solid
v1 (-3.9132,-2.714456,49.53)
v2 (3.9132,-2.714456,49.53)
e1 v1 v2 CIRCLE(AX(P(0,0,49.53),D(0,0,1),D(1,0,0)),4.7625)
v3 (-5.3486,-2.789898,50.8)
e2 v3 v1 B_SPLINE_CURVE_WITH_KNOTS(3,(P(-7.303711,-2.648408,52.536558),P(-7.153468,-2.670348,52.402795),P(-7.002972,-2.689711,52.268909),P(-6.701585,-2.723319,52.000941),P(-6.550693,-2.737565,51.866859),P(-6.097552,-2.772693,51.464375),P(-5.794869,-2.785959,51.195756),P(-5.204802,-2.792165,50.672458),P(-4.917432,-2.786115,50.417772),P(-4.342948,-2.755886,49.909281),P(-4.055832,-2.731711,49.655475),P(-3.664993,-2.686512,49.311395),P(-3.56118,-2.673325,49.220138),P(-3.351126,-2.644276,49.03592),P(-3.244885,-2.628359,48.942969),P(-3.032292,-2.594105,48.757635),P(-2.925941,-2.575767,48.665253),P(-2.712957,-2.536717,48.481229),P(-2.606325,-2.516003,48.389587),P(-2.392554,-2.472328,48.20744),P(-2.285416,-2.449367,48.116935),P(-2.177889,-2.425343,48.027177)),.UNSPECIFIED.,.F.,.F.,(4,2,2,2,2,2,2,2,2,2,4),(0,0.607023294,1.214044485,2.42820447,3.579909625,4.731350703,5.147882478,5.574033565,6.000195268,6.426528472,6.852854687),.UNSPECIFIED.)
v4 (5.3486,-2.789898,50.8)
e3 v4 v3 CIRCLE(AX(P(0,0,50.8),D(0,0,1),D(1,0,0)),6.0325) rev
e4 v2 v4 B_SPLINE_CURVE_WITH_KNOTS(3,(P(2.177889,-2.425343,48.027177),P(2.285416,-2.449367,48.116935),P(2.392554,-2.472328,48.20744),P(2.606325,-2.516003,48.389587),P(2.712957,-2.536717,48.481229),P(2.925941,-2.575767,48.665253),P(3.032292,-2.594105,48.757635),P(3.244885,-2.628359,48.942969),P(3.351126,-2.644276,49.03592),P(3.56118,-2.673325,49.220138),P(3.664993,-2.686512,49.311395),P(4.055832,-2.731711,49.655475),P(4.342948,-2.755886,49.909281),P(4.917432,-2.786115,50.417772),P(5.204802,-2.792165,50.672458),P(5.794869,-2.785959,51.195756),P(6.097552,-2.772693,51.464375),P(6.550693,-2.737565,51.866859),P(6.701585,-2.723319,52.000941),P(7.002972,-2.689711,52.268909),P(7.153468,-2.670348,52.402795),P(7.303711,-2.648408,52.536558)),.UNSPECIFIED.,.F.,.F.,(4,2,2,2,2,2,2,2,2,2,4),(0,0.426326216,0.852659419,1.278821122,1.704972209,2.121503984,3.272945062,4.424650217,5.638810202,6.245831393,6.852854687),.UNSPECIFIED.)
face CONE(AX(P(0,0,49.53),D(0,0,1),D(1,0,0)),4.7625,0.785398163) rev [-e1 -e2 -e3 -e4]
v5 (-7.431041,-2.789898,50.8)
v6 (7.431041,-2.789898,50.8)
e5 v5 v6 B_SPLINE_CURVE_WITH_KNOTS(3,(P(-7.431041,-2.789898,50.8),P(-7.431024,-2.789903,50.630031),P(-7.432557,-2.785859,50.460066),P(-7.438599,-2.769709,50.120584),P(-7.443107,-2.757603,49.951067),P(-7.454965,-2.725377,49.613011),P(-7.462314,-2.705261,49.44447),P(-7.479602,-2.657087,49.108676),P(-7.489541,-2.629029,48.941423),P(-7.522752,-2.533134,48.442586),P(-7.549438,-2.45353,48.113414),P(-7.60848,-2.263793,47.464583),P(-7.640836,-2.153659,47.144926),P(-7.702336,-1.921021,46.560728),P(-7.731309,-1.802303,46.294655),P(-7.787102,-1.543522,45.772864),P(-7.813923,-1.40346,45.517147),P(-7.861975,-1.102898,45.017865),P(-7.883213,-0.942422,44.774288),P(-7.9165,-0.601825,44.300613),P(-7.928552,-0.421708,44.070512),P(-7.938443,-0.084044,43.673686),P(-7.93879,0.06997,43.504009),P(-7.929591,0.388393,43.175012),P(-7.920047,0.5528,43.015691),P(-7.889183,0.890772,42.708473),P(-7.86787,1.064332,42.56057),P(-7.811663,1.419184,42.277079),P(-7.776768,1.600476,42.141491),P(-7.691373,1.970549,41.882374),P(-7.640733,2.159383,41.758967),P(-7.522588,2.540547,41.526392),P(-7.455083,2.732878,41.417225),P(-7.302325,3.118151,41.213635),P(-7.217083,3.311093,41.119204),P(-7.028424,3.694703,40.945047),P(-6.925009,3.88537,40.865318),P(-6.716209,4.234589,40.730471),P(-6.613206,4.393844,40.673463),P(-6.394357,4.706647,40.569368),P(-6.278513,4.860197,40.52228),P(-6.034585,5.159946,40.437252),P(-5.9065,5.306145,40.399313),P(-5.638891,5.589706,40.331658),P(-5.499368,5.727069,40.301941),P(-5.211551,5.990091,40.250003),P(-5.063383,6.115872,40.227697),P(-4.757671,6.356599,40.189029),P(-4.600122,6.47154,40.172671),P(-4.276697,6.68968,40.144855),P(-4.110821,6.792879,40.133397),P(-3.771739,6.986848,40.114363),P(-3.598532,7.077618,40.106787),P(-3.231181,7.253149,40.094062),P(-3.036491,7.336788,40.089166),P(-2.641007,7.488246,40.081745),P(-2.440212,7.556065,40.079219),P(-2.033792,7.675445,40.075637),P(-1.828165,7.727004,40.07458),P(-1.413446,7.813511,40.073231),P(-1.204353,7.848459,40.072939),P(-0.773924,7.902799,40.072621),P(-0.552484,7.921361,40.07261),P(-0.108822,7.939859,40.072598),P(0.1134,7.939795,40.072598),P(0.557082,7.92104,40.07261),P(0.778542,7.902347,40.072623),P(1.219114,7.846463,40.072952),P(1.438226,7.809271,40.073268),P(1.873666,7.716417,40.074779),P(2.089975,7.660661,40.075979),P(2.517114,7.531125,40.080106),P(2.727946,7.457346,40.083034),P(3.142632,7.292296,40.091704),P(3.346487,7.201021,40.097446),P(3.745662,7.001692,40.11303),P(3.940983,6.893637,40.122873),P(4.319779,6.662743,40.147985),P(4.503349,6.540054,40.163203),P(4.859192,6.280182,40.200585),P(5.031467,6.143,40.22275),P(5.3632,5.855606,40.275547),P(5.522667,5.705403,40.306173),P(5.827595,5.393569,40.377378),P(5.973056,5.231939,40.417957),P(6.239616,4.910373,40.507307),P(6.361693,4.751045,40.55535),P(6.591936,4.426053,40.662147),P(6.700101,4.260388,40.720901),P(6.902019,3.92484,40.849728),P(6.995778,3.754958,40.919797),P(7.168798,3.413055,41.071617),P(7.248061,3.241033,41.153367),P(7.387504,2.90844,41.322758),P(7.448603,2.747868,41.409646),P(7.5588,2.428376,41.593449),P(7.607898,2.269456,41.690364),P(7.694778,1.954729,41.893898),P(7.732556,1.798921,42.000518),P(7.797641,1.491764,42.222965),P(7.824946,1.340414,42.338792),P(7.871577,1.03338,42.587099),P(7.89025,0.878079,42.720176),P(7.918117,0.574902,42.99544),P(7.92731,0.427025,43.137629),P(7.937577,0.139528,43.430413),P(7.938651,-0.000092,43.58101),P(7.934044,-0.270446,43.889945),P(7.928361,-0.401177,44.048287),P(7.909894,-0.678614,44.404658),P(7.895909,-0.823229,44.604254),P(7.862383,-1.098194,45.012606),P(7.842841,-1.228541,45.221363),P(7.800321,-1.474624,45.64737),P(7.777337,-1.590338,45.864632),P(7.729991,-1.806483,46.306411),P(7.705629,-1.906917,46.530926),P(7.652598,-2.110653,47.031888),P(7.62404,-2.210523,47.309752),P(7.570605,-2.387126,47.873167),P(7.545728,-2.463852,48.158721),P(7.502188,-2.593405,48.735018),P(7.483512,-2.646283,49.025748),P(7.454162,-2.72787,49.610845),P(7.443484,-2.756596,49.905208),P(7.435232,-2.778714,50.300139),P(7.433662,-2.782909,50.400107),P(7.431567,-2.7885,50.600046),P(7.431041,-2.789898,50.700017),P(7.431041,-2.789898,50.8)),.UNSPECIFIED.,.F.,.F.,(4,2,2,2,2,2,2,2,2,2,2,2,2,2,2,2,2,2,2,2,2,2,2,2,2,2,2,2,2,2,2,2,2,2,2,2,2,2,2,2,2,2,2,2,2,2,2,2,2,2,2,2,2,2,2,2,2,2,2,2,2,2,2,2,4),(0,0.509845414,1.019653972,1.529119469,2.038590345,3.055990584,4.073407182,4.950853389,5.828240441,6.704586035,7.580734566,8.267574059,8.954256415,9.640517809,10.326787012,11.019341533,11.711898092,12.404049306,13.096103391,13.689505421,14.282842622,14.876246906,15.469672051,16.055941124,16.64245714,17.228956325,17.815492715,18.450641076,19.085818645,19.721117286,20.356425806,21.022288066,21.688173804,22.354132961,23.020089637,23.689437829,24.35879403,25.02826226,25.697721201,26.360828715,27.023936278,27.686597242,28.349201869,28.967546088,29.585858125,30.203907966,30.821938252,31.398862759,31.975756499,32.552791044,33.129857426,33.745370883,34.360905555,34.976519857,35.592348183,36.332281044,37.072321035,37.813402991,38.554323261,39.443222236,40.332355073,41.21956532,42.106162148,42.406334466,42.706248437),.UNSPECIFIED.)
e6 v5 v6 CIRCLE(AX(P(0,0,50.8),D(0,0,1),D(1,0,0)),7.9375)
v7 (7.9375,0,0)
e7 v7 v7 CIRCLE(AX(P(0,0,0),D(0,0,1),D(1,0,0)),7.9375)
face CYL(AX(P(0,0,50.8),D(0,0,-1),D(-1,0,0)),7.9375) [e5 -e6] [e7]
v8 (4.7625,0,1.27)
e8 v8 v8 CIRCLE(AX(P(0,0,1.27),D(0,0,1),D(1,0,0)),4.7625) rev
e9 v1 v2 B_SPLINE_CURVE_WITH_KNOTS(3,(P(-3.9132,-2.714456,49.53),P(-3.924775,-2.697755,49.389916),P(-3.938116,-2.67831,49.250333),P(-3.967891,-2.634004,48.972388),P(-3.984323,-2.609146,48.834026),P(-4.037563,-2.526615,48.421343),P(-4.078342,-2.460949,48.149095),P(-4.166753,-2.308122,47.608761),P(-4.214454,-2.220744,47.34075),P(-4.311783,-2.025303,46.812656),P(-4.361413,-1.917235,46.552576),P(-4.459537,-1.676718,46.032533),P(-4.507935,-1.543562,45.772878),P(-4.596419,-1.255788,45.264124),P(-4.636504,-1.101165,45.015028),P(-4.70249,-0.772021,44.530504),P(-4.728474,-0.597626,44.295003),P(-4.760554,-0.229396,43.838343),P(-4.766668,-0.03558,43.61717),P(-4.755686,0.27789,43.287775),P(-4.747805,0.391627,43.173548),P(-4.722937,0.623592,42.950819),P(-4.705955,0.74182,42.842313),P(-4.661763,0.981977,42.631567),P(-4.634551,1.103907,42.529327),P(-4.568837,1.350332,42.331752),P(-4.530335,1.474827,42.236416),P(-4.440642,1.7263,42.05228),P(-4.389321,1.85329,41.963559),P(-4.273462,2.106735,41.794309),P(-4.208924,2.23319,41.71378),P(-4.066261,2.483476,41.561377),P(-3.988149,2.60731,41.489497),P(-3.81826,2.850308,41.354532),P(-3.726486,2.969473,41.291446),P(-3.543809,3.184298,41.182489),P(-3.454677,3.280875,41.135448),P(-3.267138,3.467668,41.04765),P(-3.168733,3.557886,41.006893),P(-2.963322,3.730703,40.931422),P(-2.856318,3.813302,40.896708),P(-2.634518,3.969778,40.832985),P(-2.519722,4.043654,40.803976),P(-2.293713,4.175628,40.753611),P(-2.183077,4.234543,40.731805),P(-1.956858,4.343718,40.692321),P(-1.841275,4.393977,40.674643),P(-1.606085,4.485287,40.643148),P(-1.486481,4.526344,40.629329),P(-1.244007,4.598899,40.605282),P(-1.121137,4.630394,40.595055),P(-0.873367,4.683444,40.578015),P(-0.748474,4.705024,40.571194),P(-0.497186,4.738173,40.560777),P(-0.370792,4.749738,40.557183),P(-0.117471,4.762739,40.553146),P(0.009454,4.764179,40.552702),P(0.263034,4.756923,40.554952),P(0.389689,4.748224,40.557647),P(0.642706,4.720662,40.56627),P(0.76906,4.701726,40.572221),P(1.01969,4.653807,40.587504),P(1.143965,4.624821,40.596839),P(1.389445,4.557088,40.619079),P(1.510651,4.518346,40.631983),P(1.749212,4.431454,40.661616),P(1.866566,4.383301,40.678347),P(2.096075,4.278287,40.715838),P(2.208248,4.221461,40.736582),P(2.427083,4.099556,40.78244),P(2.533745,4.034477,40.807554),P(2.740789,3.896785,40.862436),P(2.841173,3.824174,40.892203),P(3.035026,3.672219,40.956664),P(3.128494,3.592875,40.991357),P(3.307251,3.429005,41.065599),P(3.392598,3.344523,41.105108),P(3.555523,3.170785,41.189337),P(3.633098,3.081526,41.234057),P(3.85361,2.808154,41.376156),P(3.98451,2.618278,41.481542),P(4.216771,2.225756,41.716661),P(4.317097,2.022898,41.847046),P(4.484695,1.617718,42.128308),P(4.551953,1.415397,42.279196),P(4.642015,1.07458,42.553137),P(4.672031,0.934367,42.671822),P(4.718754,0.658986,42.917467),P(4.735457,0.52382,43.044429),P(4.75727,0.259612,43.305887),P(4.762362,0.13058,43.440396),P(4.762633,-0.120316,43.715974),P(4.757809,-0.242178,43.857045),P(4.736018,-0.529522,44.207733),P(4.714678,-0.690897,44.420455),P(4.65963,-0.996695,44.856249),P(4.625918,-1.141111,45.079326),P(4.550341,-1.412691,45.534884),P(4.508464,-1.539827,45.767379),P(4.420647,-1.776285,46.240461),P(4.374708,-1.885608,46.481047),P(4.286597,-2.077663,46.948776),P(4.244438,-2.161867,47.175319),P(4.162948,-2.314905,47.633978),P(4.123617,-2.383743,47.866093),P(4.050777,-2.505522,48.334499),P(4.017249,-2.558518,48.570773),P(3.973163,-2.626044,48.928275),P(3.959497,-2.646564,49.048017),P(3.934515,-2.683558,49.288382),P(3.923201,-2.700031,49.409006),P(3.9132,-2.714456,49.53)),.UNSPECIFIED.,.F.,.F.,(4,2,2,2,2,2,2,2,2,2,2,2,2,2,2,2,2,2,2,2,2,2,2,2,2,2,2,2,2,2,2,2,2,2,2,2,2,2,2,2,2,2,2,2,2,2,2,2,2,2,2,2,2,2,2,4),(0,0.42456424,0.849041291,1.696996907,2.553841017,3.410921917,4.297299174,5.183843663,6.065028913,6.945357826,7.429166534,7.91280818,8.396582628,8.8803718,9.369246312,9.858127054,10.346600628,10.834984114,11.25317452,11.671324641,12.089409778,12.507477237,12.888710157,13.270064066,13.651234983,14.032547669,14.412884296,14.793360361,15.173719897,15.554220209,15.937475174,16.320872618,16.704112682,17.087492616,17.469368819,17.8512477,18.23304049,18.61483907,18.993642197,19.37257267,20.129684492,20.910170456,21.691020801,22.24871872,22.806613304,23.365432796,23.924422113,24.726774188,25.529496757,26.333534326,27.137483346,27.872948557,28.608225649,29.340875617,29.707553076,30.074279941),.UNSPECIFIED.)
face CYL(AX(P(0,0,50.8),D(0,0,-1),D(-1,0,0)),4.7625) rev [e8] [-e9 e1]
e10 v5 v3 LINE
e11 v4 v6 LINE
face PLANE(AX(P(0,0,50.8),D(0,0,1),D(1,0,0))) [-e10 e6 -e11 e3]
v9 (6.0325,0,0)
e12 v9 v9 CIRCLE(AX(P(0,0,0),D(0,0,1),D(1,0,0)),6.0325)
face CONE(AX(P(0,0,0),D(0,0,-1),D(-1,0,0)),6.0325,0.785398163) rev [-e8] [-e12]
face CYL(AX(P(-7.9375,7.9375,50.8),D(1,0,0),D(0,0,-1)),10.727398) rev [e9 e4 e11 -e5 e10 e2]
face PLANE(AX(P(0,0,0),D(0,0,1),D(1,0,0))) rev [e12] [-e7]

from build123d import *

# Parameters (mm, degrees)
SKETCH2_R             = 7.9375
SKETCH2_R_2           = 4.7625
TUBE_DEPTH            = 50.8
CHAMFER1_SIZE         = 1.27
CURVED_CUT_DEPTH      = 53.025453506
CURVED_CUT_DEPTH_BACK = 53.025453506
SKETCH3_R             = 10.727398282


with BuildPart() as part:
    # Sketch2 → tube (new body)
    with BuildSketch(Plane.XY):
        Circle(SKETCH2_R)
        Circle(SKETCH2_R_2, mode=Mode.SUBTRACT)
    extrude(amount=TUBE_DEPTH)

    # Chamfer1
    chamfer1_edges = [part.edges().sort_by_distance(p)[0] for p in [
        (-4.7625, 0, 0),
        (-4.7625, 0, 50.8),
    ]]
    chamfer(chamfer1_edges, length=CHAMFER1_SIZE)

    # Sketch3 → curved_cut (cut, two sides: drawn at the far end of the back side and taken through both)
    with BuildSketch(Plane(origin=(0, 0, 0), x_dir=(0, 0, -1), z_dir=(1, 0, 0)).offset(-CURVED_CUT_DEPTH_BACK)):
        with Locations((-50.8, 7.9375)):
            Circle(SKETCH3_R)
    extrude(amount=CURVED_CUT_DEPTH + CURVED_CUT_DEPTH_BACK, mode=Mode.SUBTRACT)


solid = part.part
